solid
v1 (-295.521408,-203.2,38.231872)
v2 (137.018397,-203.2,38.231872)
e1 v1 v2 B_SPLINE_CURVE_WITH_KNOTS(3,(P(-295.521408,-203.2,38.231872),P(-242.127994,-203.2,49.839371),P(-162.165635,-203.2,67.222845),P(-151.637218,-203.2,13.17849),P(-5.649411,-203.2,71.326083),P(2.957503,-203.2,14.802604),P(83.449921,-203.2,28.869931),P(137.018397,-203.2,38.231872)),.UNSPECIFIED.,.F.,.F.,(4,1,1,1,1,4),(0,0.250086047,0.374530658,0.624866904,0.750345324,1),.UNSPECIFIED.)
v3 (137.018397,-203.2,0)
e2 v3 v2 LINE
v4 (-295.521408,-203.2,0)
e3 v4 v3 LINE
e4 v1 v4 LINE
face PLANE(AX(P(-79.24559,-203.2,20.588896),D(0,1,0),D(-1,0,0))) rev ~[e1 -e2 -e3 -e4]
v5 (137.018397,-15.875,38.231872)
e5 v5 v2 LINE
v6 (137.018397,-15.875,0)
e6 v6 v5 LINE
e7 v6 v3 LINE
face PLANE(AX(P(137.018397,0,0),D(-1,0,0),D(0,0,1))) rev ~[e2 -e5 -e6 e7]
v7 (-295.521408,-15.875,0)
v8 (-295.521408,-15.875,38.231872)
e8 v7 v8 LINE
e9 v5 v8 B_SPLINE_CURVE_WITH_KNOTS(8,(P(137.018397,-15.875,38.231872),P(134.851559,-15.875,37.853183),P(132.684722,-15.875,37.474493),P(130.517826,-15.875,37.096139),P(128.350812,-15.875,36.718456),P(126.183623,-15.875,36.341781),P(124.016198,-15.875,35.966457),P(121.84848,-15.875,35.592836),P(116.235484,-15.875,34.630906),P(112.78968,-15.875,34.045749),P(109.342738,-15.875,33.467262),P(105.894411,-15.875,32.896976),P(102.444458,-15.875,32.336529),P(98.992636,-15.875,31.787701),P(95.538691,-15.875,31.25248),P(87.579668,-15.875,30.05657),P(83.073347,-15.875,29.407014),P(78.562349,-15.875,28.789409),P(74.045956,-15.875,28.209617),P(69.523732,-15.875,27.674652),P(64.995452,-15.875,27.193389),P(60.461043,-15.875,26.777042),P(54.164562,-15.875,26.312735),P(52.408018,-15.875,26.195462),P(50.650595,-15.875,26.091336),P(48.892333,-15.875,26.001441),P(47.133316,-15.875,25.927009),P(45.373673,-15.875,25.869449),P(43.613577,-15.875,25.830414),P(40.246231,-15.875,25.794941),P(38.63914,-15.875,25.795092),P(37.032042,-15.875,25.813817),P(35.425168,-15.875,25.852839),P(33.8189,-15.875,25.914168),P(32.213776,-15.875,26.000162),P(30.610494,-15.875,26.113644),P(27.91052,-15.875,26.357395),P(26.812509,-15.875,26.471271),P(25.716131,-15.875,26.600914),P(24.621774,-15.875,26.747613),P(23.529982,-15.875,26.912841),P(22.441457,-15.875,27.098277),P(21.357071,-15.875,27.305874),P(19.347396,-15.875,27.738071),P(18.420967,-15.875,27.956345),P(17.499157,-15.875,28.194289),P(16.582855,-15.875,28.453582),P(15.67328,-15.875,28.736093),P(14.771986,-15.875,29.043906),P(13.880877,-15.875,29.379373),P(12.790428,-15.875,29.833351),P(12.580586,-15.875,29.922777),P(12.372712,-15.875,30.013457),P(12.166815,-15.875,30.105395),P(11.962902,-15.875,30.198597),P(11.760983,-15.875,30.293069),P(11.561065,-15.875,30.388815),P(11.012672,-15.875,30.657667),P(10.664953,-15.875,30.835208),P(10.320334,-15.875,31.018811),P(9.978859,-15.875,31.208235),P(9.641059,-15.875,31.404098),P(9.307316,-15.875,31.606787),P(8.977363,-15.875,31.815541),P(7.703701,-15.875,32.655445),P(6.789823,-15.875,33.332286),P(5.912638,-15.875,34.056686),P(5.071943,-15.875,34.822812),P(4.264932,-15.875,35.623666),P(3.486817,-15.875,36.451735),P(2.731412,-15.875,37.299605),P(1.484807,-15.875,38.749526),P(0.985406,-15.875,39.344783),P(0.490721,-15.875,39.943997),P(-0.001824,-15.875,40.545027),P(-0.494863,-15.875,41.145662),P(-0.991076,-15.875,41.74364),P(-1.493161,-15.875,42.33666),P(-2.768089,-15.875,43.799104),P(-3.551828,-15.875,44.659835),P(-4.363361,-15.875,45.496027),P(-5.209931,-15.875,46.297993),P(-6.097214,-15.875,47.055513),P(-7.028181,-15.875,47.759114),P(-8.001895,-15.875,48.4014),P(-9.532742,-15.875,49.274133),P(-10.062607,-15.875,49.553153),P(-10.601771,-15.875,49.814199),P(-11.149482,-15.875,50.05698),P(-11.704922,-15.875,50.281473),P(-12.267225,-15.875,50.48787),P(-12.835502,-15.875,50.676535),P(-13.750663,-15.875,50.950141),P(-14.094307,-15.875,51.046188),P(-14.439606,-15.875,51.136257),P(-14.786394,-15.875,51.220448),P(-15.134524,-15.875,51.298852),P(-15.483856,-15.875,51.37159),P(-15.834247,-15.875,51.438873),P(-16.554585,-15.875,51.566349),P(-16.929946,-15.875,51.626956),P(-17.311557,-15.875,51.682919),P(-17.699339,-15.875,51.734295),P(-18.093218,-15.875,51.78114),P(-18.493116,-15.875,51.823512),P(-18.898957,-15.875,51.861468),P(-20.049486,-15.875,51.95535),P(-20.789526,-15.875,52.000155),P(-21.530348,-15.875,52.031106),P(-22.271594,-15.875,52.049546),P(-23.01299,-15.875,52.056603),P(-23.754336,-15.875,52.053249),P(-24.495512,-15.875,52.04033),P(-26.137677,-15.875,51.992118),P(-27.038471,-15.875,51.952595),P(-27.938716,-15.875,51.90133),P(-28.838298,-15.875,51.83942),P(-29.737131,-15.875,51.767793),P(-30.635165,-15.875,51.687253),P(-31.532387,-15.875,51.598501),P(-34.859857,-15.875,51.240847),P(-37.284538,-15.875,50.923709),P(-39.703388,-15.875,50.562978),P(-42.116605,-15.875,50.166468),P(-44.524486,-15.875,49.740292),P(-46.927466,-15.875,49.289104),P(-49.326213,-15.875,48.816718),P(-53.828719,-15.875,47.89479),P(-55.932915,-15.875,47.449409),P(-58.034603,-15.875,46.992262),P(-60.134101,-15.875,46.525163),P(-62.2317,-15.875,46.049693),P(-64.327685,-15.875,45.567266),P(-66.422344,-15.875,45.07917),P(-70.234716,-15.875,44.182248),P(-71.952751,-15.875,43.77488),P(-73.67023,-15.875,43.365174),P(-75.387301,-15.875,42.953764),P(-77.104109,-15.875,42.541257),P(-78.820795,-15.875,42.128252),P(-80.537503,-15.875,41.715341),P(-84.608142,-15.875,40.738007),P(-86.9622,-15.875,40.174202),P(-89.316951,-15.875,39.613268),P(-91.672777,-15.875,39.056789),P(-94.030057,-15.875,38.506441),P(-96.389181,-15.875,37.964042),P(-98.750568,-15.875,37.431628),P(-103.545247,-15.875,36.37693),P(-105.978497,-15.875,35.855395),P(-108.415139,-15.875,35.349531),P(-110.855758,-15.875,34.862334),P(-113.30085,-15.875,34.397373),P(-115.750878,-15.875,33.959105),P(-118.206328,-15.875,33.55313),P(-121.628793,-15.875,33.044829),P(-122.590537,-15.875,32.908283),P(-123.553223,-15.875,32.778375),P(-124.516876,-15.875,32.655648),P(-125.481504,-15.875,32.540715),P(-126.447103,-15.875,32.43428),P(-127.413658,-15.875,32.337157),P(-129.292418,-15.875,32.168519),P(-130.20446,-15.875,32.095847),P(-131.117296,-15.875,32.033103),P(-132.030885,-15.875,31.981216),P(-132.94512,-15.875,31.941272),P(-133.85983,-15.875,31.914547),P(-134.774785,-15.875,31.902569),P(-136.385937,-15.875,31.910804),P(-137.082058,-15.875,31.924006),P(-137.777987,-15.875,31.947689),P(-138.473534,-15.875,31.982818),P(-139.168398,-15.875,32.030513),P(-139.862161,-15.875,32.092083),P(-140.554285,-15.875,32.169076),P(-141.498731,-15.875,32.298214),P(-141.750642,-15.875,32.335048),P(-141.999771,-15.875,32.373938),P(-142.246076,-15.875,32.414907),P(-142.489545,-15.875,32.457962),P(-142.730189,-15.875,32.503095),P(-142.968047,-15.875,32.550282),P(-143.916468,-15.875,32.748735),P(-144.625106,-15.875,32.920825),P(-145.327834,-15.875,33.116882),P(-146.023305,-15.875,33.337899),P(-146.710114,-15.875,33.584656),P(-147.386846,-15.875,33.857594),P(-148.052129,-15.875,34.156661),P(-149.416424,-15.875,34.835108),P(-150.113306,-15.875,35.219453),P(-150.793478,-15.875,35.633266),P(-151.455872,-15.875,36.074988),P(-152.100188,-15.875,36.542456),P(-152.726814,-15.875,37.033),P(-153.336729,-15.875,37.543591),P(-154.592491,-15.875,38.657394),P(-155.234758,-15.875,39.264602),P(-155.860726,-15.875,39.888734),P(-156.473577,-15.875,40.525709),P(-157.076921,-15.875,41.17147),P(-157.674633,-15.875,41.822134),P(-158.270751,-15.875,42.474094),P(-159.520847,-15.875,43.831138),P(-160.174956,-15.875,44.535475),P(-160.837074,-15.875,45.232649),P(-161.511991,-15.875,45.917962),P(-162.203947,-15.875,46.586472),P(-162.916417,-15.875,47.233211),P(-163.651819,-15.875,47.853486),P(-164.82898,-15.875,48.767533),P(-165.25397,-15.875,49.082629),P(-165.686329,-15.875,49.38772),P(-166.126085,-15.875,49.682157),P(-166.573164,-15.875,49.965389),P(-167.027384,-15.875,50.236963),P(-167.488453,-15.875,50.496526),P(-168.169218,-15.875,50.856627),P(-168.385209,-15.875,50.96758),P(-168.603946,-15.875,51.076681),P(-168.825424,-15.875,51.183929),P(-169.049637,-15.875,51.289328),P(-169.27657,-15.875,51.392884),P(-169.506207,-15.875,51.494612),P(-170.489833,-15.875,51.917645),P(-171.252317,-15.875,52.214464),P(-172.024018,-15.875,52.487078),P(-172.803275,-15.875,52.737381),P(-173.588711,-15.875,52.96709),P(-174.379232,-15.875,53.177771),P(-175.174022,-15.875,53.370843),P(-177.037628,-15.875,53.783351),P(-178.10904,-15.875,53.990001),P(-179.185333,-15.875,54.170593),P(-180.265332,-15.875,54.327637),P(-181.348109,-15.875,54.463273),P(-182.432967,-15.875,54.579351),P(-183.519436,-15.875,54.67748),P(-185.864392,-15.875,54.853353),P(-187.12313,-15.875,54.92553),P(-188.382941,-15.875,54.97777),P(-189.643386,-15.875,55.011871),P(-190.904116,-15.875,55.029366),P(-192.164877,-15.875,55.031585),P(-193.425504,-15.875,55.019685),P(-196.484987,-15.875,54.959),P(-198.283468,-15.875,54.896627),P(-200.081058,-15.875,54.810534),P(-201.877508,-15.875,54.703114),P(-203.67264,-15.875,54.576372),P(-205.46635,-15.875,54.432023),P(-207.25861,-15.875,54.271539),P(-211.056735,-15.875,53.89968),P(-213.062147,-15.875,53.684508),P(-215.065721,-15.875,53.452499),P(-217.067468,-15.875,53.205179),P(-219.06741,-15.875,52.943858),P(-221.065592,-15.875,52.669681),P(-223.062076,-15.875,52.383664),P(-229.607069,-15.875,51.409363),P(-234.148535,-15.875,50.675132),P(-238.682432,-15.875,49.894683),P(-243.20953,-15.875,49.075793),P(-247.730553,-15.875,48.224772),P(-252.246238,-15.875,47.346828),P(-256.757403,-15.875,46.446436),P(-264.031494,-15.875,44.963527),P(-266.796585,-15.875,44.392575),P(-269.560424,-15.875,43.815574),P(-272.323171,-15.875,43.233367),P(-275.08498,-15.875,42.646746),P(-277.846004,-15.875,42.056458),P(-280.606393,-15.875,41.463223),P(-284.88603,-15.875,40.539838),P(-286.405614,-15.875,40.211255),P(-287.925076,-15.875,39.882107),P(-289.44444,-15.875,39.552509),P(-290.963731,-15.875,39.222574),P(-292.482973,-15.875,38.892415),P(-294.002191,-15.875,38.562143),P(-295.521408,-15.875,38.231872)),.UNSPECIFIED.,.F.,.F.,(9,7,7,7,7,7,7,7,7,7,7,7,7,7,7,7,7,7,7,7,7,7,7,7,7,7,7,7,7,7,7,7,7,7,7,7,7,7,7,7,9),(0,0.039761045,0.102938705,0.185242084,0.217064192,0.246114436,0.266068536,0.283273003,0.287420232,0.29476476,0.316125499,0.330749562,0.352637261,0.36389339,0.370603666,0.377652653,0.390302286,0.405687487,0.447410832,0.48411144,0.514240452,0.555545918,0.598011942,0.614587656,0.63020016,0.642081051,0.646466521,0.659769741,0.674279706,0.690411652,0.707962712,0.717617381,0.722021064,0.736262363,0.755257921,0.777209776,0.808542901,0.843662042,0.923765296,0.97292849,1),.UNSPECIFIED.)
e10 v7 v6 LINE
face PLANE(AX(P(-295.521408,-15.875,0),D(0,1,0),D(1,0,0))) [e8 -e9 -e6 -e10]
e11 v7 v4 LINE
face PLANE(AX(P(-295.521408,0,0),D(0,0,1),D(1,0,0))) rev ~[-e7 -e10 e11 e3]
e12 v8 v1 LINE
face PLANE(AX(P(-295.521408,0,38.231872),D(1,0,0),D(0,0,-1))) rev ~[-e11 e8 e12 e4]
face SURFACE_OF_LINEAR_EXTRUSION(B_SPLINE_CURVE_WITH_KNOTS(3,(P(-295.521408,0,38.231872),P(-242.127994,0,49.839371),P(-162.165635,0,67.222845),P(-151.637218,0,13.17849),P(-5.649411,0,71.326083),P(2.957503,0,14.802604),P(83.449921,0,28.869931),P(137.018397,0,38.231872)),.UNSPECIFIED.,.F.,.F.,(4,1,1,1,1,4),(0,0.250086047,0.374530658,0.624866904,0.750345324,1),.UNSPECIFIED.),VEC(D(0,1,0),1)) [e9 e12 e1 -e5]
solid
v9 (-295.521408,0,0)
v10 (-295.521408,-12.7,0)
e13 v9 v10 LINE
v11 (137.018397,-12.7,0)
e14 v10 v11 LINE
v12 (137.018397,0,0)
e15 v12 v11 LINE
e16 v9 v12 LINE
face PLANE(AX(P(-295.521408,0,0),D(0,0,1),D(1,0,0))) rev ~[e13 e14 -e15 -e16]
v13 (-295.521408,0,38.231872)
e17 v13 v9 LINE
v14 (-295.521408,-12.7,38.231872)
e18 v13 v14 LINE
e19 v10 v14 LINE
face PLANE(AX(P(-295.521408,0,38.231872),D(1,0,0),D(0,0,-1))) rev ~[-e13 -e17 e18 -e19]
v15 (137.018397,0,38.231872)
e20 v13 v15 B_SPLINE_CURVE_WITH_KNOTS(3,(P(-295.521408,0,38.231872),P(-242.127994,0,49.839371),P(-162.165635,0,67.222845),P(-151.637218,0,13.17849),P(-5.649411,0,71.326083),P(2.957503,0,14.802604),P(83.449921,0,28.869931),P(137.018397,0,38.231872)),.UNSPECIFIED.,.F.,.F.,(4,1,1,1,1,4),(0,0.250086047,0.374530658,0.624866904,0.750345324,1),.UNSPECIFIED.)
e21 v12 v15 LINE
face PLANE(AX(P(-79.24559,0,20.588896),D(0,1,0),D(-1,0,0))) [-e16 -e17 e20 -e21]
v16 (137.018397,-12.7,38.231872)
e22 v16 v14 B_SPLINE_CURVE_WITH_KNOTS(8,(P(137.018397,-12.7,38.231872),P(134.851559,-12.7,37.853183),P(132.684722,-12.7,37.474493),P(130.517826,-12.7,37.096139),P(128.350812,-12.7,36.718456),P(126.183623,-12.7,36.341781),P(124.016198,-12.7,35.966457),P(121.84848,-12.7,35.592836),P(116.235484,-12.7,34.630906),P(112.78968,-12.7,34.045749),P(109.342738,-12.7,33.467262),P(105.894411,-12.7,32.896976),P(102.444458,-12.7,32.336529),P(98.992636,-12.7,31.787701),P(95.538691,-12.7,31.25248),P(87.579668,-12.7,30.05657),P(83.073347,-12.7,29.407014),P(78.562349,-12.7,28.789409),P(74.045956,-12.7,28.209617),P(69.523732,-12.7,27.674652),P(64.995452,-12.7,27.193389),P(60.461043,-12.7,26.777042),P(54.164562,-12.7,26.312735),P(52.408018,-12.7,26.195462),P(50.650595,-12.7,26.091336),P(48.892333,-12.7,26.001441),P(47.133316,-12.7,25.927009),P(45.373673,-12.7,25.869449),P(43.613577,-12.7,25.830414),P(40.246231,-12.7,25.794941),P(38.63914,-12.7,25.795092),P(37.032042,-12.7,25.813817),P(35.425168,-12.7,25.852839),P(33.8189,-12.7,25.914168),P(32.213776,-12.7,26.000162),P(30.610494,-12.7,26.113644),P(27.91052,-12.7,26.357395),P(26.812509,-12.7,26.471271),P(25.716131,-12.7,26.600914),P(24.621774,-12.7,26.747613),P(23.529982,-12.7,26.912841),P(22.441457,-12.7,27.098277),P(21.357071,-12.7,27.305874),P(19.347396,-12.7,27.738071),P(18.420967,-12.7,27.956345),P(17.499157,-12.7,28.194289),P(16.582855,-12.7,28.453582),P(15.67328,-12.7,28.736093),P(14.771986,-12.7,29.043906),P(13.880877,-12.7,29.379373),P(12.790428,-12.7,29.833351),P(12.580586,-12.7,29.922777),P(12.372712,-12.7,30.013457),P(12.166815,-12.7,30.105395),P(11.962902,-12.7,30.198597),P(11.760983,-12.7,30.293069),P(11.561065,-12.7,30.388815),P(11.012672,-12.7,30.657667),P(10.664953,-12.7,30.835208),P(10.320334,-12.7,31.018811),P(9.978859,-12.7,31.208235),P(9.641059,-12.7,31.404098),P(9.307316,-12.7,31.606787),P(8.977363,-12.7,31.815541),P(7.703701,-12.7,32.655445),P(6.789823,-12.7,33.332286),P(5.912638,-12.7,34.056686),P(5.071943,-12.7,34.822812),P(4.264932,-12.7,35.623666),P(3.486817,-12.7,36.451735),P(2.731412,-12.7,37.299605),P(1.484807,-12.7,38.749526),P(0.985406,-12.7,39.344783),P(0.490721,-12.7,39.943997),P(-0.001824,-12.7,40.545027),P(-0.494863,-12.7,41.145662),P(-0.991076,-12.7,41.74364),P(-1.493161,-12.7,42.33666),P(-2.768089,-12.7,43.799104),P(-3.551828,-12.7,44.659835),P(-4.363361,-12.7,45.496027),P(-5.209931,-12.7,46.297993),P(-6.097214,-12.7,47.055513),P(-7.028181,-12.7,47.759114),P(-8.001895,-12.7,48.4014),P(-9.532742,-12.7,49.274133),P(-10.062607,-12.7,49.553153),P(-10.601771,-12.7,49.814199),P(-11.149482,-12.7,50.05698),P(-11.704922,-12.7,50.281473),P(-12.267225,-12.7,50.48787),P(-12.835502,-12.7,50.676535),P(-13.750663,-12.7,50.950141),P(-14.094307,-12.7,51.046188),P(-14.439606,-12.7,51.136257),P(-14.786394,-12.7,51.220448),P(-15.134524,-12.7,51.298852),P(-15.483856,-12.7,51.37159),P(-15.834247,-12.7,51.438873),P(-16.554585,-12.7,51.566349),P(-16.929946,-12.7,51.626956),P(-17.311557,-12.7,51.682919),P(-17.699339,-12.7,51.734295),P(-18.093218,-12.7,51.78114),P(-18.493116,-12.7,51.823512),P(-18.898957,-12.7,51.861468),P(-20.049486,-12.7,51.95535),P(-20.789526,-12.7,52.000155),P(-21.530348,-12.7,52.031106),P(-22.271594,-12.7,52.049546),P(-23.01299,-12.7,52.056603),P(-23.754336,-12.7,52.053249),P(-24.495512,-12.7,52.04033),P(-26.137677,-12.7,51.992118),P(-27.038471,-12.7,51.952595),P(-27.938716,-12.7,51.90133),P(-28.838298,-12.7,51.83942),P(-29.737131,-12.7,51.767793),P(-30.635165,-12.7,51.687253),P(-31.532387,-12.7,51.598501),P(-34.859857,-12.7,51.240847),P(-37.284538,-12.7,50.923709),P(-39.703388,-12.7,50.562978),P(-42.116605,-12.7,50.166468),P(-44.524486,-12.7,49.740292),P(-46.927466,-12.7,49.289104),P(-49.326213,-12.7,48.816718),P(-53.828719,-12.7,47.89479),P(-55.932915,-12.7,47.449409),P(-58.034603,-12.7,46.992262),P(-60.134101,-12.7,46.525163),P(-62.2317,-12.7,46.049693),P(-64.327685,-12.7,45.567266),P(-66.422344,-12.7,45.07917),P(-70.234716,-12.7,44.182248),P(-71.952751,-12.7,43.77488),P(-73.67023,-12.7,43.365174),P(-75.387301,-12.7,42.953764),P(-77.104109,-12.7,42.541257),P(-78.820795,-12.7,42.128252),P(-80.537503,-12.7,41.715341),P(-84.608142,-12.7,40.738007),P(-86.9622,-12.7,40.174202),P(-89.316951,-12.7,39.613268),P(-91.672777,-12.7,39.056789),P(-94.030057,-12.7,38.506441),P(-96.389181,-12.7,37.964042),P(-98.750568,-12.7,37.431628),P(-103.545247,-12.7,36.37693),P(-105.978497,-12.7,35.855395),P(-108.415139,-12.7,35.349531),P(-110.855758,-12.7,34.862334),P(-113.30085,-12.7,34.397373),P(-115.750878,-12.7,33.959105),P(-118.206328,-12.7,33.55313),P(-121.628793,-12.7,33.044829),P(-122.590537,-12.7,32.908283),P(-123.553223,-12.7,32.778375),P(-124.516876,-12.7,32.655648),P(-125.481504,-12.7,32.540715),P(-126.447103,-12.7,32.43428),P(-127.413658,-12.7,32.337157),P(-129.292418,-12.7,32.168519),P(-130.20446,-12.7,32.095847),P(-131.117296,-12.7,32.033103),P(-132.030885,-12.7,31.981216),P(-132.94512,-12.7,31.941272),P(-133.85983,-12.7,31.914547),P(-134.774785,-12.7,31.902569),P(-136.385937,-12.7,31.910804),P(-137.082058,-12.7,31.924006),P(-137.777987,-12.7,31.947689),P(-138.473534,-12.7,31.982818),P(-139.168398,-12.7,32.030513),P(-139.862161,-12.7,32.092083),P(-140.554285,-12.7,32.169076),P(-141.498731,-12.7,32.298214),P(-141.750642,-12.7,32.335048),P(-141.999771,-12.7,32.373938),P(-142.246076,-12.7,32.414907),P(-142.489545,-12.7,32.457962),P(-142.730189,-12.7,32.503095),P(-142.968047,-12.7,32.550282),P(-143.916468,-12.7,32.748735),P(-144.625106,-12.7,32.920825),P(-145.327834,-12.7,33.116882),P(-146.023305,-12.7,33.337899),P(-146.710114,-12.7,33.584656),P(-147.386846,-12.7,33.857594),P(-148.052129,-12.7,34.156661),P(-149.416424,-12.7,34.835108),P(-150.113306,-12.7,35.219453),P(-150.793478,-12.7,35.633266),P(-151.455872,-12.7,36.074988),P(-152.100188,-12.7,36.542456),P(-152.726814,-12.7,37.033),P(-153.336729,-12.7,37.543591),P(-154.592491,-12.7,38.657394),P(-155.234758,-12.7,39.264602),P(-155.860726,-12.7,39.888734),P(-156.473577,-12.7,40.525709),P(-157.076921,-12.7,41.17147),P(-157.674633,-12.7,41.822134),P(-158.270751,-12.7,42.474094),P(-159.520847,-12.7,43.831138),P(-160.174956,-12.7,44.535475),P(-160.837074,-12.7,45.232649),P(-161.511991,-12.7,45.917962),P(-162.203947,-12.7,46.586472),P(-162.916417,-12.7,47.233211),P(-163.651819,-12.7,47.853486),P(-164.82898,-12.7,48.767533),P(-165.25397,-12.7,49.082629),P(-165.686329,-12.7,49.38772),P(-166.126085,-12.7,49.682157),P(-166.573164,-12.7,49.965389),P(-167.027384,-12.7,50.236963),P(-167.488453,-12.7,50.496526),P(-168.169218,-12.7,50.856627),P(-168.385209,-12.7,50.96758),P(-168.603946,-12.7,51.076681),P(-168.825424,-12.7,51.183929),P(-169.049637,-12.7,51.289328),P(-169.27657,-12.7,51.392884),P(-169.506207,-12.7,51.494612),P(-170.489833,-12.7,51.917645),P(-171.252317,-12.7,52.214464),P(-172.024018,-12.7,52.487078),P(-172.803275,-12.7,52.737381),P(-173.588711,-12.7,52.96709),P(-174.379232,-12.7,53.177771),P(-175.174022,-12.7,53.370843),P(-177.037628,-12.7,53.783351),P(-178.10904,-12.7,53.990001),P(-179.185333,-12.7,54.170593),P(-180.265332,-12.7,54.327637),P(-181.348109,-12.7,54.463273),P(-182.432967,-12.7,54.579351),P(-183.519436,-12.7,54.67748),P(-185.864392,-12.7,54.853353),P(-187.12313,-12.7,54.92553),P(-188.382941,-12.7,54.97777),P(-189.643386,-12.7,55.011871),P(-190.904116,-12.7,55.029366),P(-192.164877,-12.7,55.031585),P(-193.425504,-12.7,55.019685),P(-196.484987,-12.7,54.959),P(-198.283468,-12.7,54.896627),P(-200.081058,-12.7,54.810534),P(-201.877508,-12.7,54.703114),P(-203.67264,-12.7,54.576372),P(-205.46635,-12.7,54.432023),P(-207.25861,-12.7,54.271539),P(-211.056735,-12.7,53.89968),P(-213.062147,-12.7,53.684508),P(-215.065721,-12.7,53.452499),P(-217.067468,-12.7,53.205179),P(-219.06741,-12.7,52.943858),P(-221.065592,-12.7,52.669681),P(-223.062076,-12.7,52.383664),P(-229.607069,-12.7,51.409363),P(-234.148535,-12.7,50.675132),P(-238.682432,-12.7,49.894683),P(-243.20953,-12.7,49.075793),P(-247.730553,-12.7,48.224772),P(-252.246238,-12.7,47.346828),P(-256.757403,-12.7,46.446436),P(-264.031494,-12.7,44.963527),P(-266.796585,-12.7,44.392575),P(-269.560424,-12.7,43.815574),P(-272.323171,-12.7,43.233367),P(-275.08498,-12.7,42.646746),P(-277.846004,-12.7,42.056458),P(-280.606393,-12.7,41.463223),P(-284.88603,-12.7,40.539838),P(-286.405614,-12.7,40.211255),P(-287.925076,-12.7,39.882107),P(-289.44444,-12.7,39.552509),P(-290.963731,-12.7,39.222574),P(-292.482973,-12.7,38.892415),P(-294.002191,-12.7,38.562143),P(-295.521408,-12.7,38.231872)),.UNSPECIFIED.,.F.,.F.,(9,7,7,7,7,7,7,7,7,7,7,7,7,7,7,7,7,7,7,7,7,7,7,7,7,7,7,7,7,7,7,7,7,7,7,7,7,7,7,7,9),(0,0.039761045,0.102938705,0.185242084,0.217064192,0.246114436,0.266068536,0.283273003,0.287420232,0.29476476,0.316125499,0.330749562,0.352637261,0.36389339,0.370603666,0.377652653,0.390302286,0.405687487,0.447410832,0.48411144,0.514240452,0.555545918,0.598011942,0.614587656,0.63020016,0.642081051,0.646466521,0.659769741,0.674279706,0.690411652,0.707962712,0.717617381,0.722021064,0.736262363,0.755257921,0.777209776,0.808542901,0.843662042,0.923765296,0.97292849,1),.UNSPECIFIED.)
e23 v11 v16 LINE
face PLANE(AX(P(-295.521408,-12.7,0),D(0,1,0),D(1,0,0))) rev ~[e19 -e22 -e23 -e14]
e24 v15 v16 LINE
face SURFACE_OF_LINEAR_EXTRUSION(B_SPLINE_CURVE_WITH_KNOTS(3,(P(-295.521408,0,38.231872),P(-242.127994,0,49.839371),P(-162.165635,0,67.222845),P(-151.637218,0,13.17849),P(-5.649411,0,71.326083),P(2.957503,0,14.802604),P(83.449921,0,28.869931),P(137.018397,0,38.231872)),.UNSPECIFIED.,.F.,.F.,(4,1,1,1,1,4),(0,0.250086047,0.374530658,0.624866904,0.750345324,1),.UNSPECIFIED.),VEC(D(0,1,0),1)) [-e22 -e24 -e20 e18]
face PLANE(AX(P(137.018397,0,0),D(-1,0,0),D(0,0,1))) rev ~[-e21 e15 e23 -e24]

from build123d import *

# Parameters (mm, degrees)
F1_DEPTH = 203.2
F2_W     = 432.5398057699
F2_H     = 3.175
F3_DEPTH = 55.0218457392


with BuildPart() as f1:
    # F0 (on Front) → F1 (new body)
    with BuildSketch(Plane.XZ):
        with BuildLine():
            add(Edge.make_bspline(
                [(-295.5214083195, 38.2318720222), (-242.1279943709, 49.8393709987), (-162.1656345941, 67.2228447389), (-151.6372183434, 13.1784904765), (-5.6494107368, 71.3260828545), (2.9575029911, 14.8026041183), (83.4499207347, 28.8699309637), (137.0183974504, 38.2318720222)],
                knots=[0, 0, 0, 0, 0.2500860467, 0.3745306577, 0.6248669042, 0.7503453236, 1, 1, 1, 1], degree=3))
            Line((-295.5214083195, 38.2318720222), (-295.5214083195, 0))
            Line((-295.5214083195, 0), (137.0183974504, 0))
            Line((137.0183974504, 0), (137.0183974504, 38.2318720222))
        make_face()
    extrude(amount=F1_DEPTH)

    # F2 (on face) → F3 (cut, through all)
    with BuildSketch(Plane(origin=(0, 0, 0), x_dir=(1, 0, 0), z_dir=(0, 0, -1))):
        with Locations((-79.2515054345, 14.2875)):
            Rectangle(F2_W, F2_H)
    extrude(amount=-F3_DEPTH, mode=Mode.SUBTRACT)


solid = f1.part
